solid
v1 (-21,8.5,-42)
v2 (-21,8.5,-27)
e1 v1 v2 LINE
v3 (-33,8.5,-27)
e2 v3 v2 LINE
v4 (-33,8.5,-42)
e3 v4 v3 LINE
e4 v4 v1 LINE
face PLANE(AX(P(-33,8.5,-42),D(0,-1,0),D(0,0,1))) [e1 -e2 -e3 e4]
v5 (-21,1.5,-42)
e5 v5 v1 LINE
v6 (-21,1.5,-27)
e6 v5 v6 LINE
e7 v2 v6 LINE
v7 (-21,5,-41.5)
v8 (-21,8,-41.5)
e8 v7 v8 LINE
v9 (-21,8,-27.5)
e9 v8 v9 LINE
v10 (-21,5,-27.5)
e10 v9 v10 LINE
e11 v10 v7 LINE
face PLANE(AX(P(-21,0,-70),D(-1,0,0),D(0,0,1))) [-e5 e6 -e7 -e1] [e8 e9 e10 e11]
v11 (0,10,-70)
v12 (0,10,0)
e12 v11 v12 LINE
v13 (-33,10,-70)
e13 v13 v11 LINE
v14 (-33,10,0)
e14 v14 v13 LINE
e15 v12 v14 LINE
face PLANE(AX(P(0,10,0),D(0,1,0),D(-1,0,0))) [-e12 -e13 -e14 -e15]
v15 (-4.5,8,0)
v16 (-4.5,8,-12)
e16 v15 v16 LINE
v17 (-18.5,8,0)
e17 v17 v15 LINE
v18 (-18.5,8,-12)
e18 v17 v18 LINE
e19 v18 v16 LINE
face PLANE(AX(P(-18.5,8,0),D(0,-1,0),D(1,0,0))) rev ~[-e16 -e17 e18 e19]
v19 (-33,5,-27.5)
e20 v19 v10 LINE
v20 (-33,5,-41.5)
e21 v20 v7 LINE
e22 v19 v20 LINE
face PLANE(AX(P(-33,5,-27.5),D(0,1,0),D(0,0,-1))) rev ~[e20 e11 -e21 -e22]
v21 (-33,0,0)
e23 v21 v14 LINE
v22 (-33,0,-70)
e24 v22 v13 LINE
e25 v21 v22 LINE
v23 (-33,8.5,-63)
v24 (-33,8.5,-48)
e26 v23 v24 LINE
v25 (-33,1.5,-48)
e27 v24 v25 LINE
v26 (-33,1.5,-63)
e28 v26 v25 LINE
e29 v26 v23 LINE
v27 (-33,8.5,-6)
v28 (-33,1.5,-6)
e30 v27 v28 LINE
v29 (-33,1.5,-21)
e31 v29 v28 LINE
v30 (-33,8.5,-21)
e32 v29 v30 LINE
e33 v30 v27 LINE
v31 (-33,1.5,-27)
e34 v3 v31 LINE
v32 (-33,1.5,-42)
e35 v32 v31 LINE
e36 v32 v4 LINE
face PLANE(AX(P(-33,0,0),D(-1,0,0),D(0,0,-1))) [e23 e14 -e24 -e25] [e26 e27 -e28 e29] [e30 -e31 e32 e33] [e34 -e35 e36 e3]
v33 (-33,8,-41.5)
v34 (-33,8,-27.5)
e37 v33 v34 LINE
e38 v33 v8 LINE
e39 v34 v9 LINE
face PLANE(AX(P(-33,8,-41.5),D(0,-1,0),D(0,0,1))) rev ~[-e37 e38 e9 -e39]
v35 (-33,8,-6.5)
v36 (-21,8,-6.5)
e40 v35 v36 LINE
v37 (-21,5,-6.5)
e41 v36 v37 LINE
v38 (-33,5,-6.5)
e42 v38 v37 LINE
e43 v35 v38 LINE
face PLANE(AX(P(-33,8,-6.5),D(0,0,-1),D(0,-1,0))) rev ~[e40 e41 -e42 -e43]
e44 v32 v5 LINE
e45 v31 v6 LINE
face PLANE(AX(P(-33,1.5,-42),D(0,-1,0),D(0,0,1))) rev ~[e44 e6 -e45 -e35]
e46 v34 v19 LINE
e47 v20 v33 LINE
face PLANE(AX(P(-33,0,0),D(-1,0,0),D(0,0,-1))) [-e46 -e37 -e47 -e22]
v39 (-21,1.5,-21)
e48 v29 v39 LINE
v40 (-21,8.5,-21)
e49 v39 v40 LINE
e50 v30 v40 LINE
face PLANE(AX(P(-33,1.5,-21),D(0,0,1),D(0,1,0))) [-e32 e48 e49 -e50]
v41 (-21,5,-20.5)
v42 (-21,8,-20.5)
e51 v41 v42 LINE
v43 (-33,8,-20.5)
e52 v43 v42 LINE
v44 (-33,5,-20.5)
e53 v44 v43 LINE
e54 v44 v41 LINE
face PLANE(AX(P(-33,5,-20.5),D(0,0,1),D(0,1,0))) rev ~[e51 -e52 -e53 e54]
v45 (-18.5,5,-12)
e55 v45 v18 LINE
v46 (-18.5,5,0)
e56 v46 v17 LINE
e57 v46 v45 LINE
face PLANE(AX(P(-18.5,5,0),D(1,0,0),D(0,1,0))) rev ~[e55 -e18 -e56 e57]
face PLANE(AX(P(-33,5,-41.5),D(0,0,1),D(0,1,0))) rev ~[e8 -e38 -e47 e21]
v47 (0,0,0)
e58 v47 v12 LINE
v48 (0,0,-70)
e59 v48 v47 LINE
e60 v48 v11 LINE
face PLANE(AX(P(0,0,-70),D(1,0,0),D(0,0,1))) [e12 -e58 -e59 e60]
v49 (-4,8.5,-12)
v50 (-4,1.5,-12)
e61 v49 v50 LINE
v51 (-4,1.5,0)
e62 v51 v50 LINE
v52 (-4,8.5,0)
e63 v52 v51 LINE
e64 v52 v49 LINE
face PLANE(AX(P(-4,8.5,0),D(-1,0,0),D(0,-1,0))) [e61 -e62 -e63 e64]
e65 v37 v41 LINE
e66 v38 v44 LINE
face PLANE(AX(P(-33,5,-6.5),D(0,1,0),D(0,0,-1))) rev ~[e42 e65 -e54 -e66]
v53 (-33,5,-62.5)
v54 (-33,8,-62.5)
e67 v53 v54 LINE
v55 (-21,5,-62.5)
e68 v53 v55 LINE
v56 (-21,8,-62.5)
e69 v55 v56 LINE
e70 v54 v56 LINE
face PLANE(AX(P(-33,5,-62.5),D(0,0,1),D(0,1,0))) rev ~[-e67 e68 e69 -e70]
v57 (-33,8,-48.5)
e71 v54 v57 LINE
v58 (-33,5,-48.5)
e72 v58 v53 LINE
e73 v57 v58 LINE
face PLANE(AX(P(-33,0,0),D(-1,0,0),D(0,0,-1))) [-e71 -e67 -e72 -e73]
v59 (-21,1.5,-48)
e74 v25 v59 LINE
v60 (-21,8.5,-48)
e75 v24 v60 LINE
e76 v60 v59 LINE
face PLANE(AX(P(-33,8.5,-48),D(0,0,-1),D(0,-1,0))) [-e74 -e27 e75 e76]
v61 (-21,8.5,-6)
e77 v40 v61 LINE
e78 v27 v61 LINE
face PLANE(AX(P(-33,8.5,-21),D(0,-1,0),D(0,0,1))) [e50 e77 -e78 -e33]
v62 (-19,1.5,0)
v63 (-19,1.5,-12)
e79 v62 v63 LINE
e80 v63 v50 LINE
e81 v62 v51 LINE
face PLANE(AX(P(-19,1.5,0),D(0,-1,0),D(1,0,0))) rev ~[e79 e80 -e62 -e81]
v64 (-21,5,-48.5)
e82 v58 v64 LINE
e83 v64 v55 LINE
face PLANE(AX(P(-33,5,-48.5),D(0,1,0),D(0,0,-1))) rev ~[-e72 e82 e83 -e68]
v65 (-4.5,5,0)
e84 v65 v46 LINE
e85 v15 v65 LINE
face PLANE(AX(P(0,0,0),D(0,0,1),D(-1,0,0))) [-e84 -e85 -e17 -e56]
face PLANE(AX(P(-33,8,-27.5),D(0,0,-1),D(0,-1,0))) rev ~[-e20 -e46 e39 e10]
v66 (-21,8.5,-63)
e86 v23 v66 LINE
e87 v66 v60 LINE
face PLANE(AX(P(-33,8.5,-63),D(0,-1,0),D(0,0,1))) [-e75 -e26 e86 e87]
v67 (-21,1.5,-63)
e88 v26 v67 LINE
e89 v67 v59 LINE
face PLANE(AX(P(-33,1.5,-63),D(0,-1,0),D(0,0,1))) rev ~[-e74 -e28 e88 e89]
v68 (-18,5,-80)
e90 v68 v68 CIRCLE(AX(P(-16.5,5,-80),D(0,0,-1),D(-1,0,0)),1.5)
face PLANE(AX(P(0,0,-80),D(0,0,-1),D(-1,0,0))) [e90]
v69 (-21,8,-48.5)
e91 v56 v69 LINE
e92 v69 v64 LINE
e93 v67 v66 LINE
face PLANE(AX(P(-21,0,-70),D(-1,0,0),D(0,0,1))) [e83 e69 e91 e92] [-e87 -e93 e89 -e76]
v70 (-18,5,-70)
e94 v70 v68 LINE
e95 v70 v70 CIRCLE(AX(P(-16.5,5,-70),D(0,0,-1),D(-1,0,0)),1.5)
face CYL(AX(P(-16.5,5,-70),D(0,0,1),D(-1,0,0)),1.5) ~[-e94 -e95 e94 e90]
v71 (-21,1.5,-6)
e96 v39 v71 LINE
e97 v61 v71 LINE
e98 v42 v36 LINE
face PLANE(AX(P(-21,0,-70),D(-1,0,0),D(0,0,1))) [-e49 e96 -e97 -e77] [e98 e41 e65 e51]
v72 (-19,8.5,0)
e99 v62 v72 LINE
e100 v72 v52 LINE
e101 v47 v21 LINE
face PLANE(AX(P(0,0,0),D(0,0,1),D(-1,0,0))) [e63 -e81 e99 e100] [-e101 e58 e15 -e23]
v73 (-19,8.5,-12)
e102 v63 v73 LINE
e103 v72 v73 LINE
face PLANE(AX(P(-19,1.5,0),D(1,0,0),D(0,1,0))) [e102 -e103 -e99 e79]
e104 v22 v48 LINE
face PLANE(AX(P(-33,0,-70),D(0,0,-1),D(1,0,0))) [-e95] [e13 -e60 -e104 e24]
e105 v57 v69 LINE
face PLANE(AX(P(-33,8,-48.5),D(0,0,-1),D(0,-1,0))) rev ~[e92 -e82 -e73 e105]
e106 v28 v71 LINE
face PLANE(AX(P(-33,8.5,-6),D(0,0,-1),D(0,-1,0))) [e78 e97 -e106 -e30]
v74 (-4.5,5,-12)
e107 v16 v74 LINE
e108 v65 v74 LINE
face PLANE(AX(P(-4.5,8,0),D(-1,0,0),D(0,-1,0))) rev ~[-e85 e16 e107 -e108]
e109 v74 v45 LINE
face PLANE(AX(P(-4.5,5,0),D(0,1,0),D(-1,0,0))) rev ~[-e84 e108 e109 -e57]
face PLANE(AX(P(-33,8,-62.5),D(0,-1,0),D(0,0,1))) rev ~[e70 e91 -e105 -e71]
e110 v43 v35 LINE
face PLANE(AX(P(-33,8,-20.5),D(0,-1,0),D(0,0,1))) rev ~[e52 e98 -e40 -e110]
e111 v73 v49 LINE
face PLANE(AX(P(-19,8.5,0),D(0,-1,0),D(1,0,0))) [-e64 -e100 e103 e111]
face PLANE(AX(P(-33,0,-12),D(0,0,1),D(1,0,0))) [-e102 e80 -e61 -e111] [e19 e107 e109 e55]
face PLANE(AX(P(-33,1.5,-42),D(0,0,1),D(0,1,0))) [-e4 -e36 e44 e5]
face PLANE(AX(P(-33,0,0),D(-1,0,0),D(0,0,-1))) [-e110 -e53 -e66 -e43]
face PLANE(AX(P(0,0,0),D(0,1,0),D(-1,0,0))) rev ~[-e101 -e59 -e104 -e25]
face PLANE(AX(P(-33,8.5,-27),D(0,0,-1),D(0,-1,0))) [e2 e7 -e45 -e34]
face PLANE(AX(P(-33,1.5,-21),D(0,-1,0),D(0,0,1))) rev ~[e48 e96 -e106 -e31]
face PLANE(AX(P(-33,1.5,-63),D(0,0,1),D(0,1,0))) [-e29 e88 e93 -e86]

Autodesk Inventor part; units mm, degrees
ref_plane "YZ Plane" through (0, 0, 0) normal (1, 0, 0) x (0, 1, 0)
ref_plane "XZ Plane" through (0, 0, 0) normal (0, 1, 0) x (-1, 0, 0)
ref_plane "XY Plane" through (0, 0, 0) normal (0, 0, 1) x (1, 0, 0)
sketch "Sketch1" plane through (0, 0, 0) normal (0, 1, 0) x (-1, 0, 0)
  line L0 (0, 0) -> (33, 0)
  line L1 (33, 0) -> (33, -70)
  line L2 (33, -70) -> (0, -70)
  line L3 (0, -70) -> (0, 0)
  dimension "d0" = 70
  dimension "d1" = 33
extrude "Extrusion1" add sketch "Sketch1" along normal blind 10
sketch "Sketch2" plane through (-33, 0, 0) normal (0, 0, 1) x (1, 0, 0)
  line L0 (14, 1.5) -> (29, 1.5)
  line L1 (14, 1.5) -> (14, 8.5)
  line L2 (14, 8.5) -> (29, 8.5)
  line L3 (29, 8.5) -> (29, 1.5)
  line L4 (14.5, 8) -> (28.5, 8)
  line L5 (28.5, 8) -> (28.5, 5)
  line L6 (28.5, 5) -> (14.5, 5)
  line L7 (14.5, 5) -> (14.5, 8)
  line L8 (33, 0) -> (33, 10) projected
  line L9 (33, 0) -> (0, 0) projected
  point P0 (21.5, 1.5)
  point P1 (30, -14)
  point P2 (21.5, 5)
  point P3 (30, -14)
  point P4 (30, -14)
  dimension "d4" = 15
  dimension "d5" = 7
  dimension "d6" = 14
  dimension "d7" = 3
  dimension "d8" = 0.5
  dimension "d9" = 0.5
  dimension "d22" = 4
  dimension "d23" = 1.5
extrude "Extrusion2" cut sketch "Sketch2" against normal blind 12
sketch "Sketch3" plane through (-33, 0, -70) normal (-1, 0, 0) x (0, 0, 1)
  line L0 (7, 1.5) -> (22, 1.5)
  line L1 (7, 1.5) -> (7, 8.5)
  line L2 (7, 8.5) -> (22, 8.5)
  line L3 (22, 8.5) -> (22, 1.5)
  line L4 (7.5, 8) -> (21.5, 8)
  line L5 (21.5, 8) -> (21.5, 5)
  line L6 (21.5, 5) -> (7.5, 5)
  line L7 (7.5, 5) -> (7.5, 8)
  line L8 (0, 0) -> (0, 10) projected
  line L9 (70, 0) -> (0, 0) projected
  line L10 (14.5, 8.5) -> (14.5, 1.5) construction
  line L11 (28, 1.5) -> (28, 8.5)
  line L12 (28.5, 5) -> (28.5, 8)
  line L13 (28.5, 8) -> (42.5, 8)
  line L14 (42.5, 8) -> (42.5, 5)
  line L15 (42.5, 5) -> (28.5, 5)
  line L16 (28, 1.5) -> (43, 1.5)
  line L17 (28, 8.5) -> (43, 8.5)
  line L18 (43, 8.5) -> (43, 1.5)
  line L19 (35.5, 8.5) -> (35.5, 1.5) construction
  line L20 (49, 1.5) -> (49, 8.5)
  line L21 (49.5, 5) -> (49.5, 8)
  line L22 (49.5, 8) -> (63.5, 8)
  line L23 (63.5, 8) -> (63.5, 5)
  line L24 (63.5, 5) -> (49.5, 5)
  line L25 (49, 1.5) -> (64, 1.5)
  line L26 (49, 8.5) -> (64, 8.5)
  line L27 (64, 8.5) -> (64, 1.5)
  line L28 (56.5, 8.5) -> (56.5, 1.5) construction
  point P0 (14.5, 5)
  point P1 (35.5, 5)
  point P2 (56.5, 5)
  dimension "d26" = 15
  dimension "d27" = 7
  dimension "d28" = 14
  dimension "d29" = 3
  dimension "d30" = 0.5
  dimension "d31" = 0.5
  dimension "d32" = 7
  dimension "d33" = 1.5
  dimension "d36" = 21
extrude "Extrusion3" cut sketch "Sketch3" against normal blind 12
sketch "Sketch4" plane through (0, 0, -70) normal (0, 0, -1) x (-1, 0, 0)
  circle A0 centre (16.5, 5) radius 1.5
  line L0 (33, 0) -> (0, 0) projected
  line L1 (0, 10) -> (33, 10) projected
  line L2 (0, 0) -> (0, 10) projected
  line L3 (33, 0) -> (33, 10) projected
  dimension "d43" = 3
  dimension "d44" = 10
  dimension "d45" = 33
  dimension "d46" = 5
  dimension "d47" = 16.5
extrude "Extrusion4" add sketch "Sketch4" along normal blind 10 contours A0
sketch "Sketch5" plane through (-16.5, 5, -80) normal (0, 0, -1) x (-1, 0, 0)
  circle A0 centre (0, 0) radius 1.5 projected
  point P0 (-16.5, -5)
equation "\"d46\" = 0.5 * d44"
equation "\"d47\" = 0.5 * d45"
properties part number "usbHubSmall"
